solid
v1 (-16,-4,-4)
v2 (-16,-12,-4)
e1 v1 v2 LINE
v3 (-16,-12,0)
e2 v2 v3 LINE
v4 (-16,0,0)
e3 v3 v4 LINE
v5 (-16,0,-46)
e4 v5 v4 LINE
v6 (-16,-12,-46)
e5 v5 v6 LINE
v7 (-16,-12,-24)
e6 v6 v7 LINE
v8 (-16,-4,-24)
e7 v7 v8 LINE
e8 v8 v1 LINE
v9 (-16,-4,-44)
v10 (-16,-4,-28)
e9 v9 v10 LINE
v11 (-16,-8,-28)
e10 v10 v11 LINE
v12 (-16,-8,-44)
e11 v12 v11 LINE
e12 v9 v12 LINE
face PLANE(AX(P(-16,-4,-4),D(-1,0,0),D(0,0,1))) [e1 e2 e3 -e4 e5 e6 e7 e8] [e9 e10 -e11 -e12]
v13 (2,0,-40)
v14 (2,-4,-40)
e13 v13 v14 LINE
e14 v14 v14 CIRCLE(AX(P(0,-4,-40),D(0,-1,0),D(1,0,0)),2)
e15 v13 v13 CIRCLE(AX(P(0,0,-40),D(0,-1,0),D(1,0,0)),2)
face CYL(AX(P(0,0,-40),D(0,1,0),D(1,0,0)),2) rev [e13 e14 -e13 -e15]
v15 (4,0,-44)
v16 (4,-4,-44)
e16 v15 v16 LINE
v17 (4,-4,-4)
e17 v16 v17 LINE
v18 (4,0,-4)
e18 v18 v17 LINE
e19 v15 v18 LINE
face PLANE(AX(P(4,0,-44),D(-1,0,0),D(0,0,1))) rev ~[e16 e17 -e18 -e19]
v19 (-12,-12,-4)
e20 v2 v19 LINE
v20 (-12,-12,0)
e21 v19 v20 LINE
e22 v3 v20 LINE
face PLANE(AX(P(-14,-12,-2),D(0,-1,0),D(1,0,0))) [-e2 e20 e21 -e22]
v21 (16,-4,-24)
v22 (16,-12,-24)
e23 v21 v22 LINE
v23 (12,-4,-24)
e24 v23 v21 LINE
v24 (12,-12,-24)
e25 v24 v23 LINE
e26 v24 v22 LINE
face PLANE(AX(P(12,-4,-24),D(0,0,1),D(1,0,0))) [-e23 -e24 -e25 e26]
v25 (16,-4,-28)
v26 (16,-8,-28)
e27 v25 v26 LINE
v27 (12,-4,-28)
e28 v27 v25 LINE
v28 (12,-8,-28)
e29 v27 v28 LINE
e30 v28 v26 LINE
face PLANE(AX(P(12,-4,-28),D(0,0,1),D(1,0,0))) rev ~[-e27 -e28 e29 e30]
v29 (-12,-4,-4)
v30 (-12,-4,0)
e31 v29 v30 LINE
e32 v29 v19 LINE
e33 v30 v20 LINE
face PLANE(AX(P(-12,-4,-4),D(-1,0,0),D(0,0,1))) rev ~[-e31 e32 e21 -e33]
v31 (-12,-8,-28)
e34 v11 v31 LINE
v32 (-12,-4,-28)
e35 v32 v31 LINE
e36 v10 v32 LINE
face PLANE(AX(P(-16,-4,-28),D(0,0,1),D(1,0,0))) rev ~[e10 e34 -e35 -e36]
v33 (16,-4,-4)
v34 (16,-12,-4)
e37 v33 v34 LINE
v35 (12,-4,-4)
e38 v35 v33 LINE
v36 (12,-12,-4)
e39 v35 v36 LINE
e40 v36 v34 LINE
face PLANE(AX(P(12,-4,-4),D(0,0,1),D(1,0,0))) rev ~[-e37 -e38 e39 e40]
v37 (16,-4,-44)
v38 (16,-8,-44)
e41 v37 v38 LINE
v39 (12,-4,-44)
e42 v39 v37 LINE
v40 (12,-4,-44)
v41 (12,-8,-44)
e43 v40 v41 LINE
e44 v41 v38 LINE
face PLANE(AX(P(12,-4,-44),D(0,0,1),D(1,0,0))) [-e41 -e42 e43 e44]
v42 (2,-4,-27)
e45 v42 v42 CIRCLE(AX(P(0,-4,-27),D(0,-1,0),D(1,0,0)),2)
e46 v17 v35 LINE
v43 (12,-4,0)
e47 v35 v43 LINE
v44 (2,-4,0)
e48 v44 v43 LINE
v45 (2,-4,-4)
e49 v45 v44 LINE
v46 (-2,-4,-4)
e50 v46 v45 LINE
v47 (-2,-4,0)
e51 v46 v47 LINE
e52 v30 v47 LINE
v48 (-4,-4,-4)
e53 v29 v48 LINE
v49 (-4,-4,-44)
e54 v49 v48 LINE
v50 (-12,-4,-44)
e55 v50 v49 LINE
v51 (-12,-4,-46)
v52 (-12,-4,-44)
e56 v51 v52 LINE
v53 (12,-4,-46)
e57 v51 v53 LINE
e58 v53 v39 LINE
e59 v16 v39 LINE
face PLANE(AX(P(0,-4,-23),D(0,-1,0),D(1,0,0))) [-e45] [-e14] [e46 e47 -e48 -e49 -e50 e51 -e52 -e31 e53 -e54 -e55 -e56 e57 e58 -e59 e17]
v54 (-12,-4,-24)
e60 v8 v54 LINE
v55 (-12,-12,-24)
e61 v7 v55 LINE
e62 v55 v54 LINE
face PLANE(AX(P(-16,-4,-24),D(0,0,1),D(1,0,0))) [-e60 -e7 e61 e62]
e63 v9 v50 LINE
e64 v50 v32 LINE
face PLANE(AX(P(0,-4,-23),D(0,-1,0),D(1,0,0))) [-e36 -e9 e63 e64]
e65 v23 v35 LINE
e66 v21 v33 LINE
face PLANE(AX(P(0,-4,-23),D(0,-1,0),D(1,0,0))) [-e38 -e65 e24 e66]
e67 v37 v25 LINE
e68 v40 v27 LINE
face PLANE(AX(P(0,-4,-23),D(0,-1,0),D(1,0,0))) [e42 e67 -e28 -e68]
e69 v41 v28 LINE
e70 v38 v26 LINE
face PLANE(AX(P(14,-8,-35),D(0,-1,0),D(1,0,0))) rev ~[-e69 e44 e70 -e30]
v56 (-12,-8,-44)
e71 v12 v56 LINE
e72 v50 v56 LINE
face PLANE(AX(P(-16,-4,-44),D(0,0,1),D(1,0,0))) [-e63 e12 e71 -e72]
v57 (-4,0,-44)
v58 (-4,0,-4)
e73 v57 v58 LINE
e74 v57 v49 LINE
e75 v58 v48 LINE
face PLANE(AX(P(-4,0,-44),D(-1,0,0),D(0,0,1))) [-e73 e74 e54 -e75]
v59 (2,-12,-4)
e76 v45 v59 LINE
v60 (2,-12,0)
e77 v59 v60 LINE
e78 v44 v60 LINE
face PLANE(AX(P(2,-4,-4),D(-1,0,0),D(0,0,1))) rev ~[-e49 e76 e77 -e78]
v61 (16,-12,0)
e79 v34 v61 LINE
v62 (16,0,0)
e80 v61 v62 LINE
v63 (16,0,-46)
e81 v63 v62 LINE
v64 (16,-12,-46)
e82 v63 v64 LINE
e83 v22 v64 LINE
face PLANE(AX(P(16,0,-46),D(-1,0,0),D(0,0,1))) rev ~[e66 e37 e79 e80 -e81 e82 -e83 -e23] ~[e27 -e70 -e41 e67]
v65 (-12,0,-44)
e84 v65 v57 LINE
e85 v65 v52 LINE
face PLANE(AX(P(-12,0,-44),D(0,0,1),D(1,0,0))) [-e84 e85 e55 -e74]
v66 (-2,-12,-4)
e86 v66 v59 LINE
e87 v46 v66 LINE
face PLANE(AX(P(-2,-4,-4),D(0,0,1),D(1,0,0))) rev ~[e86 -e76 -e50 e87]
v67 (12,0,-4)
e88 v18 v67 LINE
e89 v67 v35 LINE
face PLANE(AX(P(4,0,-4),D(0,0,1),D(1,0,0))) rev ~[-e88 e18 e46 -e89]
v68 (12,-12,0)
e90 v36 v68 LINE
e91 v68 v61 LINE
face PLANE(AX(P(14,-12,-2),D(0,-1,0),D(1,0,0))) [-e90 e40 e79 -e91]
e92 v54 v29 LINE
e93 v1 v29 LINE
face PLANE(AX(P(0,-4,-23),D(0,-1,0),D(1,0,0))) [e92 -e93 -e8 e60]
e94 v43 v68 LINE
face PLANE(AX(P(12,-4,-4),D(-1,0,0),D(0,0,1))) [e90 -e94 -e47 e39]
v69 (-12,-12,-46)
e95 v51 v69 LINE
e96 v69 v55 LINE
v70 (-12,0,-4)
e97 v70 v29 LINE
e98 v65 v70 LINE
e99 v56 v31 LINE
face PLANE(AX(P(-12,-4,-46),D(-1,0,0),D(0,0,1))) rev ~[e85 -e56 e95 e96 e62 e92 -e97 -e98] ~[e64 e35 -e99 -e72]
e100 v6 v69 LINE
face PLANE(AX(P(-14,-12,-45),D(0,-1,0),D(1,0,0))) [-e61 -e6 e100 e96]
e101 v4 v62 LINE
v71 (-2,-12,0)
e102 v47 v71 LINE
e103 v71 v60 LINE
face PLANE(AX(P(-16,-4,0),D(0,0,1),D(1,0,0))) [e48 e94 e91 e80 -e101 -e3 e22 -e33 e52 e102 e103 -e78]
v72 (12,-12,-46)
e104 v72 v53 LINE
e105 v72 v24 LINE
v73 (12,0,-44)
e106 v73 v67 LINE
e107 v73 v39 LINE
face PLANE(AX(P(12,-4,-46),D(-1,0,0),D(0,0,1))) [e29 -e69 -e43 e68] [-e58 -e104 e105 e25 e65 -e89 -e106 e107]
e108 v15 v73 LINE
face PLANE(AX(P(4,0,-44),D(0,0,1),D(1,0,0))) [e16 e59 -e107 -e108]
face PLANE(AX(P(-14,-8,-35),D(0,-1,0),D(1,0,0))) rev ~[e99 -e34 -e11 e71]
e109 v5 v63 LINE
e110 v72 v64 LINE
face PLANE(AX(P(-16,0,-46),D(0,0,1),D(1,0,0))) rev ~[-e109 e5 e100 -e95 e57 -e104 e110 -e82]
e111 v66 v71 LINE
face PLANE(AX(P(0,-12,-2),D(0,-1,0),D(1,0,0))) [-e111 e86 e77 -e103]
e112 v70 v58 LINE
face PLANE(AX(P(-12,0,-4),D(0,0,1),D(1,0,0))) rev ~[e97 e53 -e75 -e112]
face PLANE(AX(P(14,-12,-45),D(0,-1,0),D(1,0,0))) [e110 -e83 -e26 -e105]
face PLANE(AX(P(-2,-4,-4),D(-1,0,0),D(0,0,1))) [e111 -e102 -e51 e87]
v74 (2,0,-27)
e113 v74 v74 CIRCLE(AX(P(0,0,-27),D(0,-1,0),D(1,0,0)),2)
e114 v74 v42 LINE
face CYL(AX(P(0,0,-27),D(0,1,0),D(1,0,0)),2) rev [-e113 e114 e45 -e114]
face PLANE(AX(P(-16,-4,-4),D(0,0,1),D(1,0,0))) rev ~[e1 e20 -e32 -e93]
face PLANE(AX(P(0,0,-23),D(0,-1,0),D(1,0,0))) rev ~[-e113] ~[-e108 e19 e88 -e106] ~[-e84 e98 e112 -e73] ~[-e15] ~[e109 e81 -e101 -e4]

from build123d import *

# Parameters (mm, degrees)
F0_W     = 32
F0_H     = 46
F0_W_2   = 8
F0_H_2   = 40
F0_R     = 2
F1_DEPTH = 4
F2_W     = 4
F2_H     = 4
F2_H_2   = 2
F3_DEPTH = 8
F4_W     = 4
F4_H     = 22
F5_DEPTH = 4


with BuildPart() as f1:
    # F0 (on Front) → F1 (new body)
    with BuildSketch(Plane.XZ):
        with Locations((0, -23)):
            Rectangle(F0_W, F0_H)
        with Locations((-8, -24)):
            Rectangle(F0_W_2, F0_H_2, mode=Mode.SUBTRACT)
        with Locations((0, -40)):
            Circle(F0_R, mode=Mode.SUBTRACT)
        with Locations((0, -27)):
            Circle(F0_R, mode=Mode.SUBTRACT)
        with Locations((8, -24)):
            Rectangle(F0_W_2, F0_H_2, mode=Mode.SUBTRACT)
    extrude(amount=F1_DEPTH)

    # F2 (on face) → F3 (join)
    with BuildSketch(Plane.XZ.offset(4)):
        with Locations((-14, -2)):
            Rectangle(F2_W, F2_H)
        with Locations((14, -2)):
            Rectangle(F2_W, F2_H)
        with Locations((0, -2)):
            Rectangle(F2_W, F2_H)
        with Locations((-14, -26)):
            Rectangle(F2_W, F2_H)
        with Locations((14, -26)):
            Rectangle(F2_W, F2_H)
        with Locations((-14, -45)):
            Rectangle(F2_W, F2_H_2)
        with Locations((14, -45)):
            Rectangle(F2_W, F2_H_2)
    extrude(amount=F3_DEPTH)

    # F4 (on face) → F5 (join)
    with BuildSketch(Plane.XZ.offset(12)):
        with Locations((-14, -35)):
            Rectangle(F4_W, F4_H)
        with Locations((14, -35)):
            Rectangle(F4_W, F4_H)
    extrude(amount=-F5_DEPTH)


solid = f1.part
